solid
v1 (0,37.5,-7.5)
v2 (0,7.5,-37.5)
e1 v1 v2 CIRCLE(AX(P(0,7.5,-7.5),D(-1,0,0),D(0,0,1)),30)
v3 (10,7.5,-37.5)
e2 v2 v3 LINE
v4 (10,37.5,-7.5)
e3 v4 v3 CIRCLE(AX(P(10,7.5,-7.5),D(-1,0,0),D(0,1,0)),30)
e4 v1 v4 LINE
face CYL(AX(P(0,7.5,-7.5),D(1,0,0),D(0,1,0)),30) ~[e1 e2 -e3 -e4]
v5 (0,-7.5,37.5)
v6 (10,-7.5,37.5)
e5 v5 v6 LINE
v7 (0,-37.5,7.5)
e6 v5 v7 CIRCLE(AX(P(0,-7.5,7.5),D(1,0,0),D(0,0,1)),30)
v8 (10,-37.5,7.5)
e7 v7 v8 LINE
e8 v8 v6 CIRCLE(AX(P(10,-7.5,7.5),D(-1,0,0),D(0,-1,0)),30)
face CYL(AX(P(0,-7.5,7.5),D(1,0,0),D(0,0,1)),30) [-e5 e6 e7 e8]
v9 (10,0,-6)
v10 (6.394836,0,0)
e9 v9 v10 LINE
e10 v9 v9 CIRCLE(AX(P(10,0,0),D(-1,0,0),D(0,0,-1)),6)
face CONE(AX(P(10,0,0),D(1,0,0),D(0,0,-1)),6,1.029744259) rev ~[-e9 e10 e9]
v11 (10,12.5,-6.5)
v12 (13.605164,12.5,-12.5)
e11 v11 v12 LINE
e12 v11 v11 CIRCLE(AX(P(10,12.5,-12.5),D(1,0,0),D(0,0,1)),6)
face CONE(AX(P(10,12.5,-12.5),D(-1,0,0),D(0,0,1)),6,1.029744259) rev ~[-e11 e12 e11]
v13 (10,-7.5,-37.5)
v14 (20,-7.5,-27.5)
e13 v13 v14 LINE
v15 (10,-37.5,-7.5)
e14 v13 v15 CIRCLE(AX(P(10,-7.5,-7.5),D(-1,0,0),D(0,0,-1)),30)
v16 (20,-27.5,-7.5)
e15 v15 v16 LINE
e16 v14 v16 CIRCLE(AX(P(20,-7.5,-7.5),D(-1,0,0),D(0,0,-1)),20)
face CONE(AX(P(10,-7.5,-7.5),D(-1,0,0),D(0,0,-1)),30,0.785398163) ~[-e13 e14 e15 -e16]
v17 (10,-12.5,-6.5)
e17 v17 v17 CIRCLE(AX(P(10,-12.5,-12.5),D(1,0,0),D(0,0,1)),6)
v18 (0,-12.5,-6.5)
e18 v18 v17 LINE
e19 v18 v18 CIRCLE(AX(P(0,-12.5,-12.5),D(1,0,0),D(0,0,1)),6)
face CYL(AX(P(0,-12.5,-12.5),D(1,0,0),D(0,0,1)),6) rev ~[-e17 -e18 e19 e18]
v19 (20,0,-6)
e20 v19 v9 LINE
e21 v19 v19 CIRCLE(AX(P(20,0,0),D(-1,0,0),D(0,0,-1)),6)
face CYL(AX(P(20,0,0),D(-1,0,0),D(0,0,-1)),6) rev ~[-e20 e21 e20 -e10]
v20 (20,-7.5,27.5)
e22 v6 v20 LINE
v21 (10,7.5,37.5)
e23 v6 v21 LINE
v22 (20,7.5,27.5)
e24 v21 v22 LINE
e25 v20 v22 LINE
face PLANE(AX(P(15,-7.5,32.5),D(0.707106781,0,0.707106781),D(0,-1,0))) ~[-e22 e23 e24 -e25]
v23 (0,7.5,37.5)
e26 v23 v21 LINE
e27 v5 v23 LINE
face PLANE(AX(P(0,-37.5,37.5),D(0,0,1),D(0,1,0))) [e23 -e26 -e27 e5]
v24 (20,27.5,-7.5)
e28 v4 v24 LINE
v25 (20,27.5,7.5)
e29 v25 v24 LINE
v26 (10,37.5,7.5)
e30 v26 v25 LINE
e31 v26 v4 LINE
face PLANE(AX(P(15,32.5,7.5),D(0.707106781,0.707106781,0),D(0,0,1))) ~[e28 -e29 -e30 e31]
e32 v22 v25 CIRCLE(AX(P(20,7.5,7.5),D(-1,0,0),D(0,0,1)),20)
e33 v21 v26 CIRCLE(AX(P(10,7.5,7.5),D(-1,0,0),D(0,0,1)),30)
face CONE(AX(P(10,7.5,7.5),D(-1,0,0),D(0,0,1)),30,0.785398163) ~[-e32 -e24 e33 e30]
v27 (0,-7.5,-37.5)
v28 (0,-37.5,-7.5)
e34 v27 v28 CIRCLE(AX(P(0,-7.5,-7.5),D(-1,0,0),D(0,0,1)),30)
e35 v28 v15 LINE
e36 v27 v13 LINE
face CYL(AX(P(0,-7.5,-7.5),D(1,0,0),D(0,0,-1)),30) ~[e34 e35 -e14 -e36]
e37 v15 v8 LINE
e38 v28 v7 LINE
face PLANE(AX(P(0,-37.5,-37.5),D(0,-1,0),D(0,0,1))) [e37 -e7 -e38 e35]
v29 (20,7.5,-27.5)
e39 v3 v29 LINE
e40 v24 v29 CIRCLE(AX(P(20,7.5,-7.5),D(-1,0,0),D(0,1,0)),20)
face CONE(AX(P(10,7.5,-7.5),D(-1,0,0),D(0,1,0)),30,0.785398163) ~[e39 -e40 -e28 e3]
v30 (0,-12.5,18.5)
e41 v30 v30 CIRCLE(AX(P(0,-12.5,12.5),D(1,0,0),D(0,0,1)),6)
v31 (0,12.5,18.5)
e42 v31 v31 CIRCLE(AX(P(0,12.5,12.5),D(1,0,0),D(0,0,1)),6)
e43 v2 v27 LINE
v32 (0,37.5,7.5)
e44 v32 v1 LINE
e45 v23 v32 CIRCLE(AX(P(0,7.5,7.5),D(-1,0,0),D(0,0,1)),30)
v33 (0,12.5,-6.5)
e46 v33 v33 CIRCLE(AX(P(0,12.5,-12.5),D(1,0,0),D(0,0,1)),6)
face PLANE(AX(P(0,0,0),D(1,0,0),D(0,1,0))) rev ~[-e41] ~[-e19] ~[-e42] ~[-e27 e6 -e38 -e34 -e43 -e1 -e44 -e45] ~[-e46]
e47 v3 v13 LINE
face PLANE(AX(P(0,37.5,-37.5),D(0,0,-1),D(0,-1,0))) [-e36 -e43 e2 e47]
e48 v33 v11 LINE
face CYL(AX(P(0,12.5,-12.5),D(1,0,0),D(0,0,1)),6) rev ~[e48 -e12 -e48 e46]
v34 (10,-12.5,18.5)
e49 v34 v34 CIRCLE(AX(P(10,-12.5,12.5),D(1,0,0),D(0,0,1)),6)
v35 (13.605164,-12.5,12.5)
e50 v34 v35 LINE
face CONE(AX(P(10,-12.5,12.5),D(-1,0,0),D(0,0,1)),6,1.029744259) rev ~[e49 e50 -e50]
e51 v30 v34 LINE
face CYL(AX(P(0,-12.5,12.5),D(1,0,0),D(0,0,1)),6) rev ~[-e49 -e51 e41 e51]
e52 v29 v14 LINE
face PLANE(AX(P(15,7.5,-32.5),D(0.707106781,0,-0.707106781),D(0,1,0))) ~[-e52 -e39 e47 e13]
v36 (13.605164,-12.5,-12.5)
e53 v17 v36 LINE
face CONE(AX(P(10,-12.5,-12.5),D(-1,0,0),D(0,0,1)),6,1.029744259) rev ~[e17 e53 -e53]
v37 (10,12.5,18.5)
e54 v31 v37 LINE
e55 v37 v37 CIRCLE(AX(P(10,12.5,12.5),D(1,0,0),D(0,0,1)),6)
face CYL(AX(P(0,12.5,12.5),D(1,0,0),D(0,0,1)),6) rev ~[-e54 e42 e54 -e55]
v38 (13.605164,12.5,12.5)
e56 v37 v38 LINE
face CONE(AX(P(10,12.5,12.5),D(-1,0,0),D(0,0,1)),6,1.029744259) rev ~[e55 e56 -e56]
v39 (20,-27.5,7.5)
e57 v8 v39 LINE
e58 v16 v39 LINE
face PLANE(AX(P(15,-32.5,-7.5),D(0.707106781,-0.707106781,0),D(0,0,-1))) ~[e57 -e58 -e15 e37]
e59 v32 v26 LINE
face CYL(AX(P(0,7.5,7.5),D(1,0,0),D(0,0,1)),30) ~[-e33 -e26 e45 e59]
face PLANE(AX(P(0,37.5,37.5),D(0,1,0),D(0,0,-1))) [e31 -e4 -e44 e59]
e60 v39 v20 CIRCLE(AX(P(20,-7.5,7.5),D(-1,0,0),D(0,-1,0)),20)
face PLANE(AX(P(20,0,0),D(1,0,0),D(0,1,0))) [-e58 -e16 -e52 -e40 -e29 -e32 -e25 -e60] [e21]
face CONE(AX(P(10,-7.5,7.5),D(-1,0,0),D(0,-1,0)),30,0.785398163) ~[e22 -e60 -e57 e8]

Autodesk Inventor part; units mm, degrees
ref_plane "YZ Plane" through (0, 0, 0) normal (1, 0, 0) x (0, 1, 0)
ref_plane "XZ Plane" through (0, 0, 0) normal (0, 1, 0) x (-1, 0, 0)
ref_plane "XY Plane" through (0, 0, 0) normal (0, 0, 1) x (1, 0, 0)
sketch "草圖1" plane through (0, 0, 0) normal (1, 0, 0) x (0, 1, 0)
  line L0 (-37.5, 37.5) -> (37.5, 37.5)
  line L1 (37.5, 37.5) -> (37.5, -37.5)
  line L2 (37.5, -37.5) -> (-37.5, -37.5)
  line L3 (-37.5, -37.5) -> (-37.5, 37.5)
  line L4 (-37.5, 37.5) -> (37.5, -37.5) construction
  line L5 (37.5, 37.5) -> (-37.5, -37.5) construction
  point P0 (0, 0)
  dimension "d0" = 75
  dimension "d1" = 75
extrude "擠出1" add sketch "草圖1" along normal blind 20
fillet "圓角1" radius 30 4 edges at (10, 37.5, 37.5) (10, -37.5, 37.5) (10, 37.5, -37.5) (10, -37.5, -37.5)
chamfer "倒角1" distance 10 angle 45 8 edges at (20, 0, 37.5) (20, -28.7132, 28.7132) (20, -37.5, 0) (20, -28.7132, -28.7132) (20, 0, -37.5) (20, 28.7132, -28.7132) (20, 37.5, 0) (20, 28.7132, 28.7132)
sketch "草圖2" plane through (20, 0, 0) normal (1, 0, 0) x (0, 0, -1)
  line L0 (0, 0) -> (0, 0)
  line L1 (0, 0) -> (0, 0)
  line L2 (0, 0) -> (0, 0)
  line L3 (0, 0) -> (0, 0)
  line L4 (0, 0) -> (0, 0) construction
  line L5 (0, 0) -> (0, 0) construction
  point P0 (0, 0)
  dimension "d8" = 0
  dimension "d9" = 0
hole "孔1" at (20, 0, 0) at (20, 0, 0) at (20, 0, 0) at (20, 0, 0) direction (-1, 0, 0) diameter 12 depth 10 tip angle 118
sketch "草圖3" plane through (0, 0, 0) normal (-1, 0, 0) x (0, 0, 1)
  arc A0 (-37.5, -7.5) -> (-7.5, -37.5) centre (-7.5, -7.5) ccw projected
  line L0 (-7.5, -37.5) -> (7.5, -37.5) projected
  arc A1 (7.5, -37.5) -> (37.5, -7.5) centre (7.5, -7.5) ccw projected
  line L1 (37.5, -7.5) -> (37.5, 7.5) projected
  arc A2 (37.5, 7.5) -> (7.5, 37.5) centre (7.5, 7.5) ccw projected
  line L2 (7.5, 37.5) -> (-7.5, 37.5) projected
  arc A3 (-7.5, 37.5) -> (-37.5, 7.5) centre (-7.5, 7.5) ccw projected
  line L3 (-37.5, 7.5) -> (-37.5, -7.5) projected
  line L4 (12.5, 12.5) -> (-12.5, 12.5)
  line L5 (-12.5, 12.5) -> (-12.5, -12.5)
  line L6 (-12.5, -12.5) -> (12.5, -12.5)
  line L7 (12.5, -12.5) -> (12.5, 12.5)
  line L8 (12.5, 12.5) -> (-12.5, -12.5) construction
  line L9 (-12.5, 12.5) -> (12.5, -12.5) construction
  point P0 (0, 0)
  dimension "d17" = 25
  dimension "d18" = 25
hole "孔2" at (0, -12.5, 12.5) at (0, -12.5, -12.5) at (0, 12.5, -12.5) at (0, 12.5, 12.5) direction (1, 0, 0) diameter 12 depth 10 tip angle 118
properties part number "exercise3-1-6"
